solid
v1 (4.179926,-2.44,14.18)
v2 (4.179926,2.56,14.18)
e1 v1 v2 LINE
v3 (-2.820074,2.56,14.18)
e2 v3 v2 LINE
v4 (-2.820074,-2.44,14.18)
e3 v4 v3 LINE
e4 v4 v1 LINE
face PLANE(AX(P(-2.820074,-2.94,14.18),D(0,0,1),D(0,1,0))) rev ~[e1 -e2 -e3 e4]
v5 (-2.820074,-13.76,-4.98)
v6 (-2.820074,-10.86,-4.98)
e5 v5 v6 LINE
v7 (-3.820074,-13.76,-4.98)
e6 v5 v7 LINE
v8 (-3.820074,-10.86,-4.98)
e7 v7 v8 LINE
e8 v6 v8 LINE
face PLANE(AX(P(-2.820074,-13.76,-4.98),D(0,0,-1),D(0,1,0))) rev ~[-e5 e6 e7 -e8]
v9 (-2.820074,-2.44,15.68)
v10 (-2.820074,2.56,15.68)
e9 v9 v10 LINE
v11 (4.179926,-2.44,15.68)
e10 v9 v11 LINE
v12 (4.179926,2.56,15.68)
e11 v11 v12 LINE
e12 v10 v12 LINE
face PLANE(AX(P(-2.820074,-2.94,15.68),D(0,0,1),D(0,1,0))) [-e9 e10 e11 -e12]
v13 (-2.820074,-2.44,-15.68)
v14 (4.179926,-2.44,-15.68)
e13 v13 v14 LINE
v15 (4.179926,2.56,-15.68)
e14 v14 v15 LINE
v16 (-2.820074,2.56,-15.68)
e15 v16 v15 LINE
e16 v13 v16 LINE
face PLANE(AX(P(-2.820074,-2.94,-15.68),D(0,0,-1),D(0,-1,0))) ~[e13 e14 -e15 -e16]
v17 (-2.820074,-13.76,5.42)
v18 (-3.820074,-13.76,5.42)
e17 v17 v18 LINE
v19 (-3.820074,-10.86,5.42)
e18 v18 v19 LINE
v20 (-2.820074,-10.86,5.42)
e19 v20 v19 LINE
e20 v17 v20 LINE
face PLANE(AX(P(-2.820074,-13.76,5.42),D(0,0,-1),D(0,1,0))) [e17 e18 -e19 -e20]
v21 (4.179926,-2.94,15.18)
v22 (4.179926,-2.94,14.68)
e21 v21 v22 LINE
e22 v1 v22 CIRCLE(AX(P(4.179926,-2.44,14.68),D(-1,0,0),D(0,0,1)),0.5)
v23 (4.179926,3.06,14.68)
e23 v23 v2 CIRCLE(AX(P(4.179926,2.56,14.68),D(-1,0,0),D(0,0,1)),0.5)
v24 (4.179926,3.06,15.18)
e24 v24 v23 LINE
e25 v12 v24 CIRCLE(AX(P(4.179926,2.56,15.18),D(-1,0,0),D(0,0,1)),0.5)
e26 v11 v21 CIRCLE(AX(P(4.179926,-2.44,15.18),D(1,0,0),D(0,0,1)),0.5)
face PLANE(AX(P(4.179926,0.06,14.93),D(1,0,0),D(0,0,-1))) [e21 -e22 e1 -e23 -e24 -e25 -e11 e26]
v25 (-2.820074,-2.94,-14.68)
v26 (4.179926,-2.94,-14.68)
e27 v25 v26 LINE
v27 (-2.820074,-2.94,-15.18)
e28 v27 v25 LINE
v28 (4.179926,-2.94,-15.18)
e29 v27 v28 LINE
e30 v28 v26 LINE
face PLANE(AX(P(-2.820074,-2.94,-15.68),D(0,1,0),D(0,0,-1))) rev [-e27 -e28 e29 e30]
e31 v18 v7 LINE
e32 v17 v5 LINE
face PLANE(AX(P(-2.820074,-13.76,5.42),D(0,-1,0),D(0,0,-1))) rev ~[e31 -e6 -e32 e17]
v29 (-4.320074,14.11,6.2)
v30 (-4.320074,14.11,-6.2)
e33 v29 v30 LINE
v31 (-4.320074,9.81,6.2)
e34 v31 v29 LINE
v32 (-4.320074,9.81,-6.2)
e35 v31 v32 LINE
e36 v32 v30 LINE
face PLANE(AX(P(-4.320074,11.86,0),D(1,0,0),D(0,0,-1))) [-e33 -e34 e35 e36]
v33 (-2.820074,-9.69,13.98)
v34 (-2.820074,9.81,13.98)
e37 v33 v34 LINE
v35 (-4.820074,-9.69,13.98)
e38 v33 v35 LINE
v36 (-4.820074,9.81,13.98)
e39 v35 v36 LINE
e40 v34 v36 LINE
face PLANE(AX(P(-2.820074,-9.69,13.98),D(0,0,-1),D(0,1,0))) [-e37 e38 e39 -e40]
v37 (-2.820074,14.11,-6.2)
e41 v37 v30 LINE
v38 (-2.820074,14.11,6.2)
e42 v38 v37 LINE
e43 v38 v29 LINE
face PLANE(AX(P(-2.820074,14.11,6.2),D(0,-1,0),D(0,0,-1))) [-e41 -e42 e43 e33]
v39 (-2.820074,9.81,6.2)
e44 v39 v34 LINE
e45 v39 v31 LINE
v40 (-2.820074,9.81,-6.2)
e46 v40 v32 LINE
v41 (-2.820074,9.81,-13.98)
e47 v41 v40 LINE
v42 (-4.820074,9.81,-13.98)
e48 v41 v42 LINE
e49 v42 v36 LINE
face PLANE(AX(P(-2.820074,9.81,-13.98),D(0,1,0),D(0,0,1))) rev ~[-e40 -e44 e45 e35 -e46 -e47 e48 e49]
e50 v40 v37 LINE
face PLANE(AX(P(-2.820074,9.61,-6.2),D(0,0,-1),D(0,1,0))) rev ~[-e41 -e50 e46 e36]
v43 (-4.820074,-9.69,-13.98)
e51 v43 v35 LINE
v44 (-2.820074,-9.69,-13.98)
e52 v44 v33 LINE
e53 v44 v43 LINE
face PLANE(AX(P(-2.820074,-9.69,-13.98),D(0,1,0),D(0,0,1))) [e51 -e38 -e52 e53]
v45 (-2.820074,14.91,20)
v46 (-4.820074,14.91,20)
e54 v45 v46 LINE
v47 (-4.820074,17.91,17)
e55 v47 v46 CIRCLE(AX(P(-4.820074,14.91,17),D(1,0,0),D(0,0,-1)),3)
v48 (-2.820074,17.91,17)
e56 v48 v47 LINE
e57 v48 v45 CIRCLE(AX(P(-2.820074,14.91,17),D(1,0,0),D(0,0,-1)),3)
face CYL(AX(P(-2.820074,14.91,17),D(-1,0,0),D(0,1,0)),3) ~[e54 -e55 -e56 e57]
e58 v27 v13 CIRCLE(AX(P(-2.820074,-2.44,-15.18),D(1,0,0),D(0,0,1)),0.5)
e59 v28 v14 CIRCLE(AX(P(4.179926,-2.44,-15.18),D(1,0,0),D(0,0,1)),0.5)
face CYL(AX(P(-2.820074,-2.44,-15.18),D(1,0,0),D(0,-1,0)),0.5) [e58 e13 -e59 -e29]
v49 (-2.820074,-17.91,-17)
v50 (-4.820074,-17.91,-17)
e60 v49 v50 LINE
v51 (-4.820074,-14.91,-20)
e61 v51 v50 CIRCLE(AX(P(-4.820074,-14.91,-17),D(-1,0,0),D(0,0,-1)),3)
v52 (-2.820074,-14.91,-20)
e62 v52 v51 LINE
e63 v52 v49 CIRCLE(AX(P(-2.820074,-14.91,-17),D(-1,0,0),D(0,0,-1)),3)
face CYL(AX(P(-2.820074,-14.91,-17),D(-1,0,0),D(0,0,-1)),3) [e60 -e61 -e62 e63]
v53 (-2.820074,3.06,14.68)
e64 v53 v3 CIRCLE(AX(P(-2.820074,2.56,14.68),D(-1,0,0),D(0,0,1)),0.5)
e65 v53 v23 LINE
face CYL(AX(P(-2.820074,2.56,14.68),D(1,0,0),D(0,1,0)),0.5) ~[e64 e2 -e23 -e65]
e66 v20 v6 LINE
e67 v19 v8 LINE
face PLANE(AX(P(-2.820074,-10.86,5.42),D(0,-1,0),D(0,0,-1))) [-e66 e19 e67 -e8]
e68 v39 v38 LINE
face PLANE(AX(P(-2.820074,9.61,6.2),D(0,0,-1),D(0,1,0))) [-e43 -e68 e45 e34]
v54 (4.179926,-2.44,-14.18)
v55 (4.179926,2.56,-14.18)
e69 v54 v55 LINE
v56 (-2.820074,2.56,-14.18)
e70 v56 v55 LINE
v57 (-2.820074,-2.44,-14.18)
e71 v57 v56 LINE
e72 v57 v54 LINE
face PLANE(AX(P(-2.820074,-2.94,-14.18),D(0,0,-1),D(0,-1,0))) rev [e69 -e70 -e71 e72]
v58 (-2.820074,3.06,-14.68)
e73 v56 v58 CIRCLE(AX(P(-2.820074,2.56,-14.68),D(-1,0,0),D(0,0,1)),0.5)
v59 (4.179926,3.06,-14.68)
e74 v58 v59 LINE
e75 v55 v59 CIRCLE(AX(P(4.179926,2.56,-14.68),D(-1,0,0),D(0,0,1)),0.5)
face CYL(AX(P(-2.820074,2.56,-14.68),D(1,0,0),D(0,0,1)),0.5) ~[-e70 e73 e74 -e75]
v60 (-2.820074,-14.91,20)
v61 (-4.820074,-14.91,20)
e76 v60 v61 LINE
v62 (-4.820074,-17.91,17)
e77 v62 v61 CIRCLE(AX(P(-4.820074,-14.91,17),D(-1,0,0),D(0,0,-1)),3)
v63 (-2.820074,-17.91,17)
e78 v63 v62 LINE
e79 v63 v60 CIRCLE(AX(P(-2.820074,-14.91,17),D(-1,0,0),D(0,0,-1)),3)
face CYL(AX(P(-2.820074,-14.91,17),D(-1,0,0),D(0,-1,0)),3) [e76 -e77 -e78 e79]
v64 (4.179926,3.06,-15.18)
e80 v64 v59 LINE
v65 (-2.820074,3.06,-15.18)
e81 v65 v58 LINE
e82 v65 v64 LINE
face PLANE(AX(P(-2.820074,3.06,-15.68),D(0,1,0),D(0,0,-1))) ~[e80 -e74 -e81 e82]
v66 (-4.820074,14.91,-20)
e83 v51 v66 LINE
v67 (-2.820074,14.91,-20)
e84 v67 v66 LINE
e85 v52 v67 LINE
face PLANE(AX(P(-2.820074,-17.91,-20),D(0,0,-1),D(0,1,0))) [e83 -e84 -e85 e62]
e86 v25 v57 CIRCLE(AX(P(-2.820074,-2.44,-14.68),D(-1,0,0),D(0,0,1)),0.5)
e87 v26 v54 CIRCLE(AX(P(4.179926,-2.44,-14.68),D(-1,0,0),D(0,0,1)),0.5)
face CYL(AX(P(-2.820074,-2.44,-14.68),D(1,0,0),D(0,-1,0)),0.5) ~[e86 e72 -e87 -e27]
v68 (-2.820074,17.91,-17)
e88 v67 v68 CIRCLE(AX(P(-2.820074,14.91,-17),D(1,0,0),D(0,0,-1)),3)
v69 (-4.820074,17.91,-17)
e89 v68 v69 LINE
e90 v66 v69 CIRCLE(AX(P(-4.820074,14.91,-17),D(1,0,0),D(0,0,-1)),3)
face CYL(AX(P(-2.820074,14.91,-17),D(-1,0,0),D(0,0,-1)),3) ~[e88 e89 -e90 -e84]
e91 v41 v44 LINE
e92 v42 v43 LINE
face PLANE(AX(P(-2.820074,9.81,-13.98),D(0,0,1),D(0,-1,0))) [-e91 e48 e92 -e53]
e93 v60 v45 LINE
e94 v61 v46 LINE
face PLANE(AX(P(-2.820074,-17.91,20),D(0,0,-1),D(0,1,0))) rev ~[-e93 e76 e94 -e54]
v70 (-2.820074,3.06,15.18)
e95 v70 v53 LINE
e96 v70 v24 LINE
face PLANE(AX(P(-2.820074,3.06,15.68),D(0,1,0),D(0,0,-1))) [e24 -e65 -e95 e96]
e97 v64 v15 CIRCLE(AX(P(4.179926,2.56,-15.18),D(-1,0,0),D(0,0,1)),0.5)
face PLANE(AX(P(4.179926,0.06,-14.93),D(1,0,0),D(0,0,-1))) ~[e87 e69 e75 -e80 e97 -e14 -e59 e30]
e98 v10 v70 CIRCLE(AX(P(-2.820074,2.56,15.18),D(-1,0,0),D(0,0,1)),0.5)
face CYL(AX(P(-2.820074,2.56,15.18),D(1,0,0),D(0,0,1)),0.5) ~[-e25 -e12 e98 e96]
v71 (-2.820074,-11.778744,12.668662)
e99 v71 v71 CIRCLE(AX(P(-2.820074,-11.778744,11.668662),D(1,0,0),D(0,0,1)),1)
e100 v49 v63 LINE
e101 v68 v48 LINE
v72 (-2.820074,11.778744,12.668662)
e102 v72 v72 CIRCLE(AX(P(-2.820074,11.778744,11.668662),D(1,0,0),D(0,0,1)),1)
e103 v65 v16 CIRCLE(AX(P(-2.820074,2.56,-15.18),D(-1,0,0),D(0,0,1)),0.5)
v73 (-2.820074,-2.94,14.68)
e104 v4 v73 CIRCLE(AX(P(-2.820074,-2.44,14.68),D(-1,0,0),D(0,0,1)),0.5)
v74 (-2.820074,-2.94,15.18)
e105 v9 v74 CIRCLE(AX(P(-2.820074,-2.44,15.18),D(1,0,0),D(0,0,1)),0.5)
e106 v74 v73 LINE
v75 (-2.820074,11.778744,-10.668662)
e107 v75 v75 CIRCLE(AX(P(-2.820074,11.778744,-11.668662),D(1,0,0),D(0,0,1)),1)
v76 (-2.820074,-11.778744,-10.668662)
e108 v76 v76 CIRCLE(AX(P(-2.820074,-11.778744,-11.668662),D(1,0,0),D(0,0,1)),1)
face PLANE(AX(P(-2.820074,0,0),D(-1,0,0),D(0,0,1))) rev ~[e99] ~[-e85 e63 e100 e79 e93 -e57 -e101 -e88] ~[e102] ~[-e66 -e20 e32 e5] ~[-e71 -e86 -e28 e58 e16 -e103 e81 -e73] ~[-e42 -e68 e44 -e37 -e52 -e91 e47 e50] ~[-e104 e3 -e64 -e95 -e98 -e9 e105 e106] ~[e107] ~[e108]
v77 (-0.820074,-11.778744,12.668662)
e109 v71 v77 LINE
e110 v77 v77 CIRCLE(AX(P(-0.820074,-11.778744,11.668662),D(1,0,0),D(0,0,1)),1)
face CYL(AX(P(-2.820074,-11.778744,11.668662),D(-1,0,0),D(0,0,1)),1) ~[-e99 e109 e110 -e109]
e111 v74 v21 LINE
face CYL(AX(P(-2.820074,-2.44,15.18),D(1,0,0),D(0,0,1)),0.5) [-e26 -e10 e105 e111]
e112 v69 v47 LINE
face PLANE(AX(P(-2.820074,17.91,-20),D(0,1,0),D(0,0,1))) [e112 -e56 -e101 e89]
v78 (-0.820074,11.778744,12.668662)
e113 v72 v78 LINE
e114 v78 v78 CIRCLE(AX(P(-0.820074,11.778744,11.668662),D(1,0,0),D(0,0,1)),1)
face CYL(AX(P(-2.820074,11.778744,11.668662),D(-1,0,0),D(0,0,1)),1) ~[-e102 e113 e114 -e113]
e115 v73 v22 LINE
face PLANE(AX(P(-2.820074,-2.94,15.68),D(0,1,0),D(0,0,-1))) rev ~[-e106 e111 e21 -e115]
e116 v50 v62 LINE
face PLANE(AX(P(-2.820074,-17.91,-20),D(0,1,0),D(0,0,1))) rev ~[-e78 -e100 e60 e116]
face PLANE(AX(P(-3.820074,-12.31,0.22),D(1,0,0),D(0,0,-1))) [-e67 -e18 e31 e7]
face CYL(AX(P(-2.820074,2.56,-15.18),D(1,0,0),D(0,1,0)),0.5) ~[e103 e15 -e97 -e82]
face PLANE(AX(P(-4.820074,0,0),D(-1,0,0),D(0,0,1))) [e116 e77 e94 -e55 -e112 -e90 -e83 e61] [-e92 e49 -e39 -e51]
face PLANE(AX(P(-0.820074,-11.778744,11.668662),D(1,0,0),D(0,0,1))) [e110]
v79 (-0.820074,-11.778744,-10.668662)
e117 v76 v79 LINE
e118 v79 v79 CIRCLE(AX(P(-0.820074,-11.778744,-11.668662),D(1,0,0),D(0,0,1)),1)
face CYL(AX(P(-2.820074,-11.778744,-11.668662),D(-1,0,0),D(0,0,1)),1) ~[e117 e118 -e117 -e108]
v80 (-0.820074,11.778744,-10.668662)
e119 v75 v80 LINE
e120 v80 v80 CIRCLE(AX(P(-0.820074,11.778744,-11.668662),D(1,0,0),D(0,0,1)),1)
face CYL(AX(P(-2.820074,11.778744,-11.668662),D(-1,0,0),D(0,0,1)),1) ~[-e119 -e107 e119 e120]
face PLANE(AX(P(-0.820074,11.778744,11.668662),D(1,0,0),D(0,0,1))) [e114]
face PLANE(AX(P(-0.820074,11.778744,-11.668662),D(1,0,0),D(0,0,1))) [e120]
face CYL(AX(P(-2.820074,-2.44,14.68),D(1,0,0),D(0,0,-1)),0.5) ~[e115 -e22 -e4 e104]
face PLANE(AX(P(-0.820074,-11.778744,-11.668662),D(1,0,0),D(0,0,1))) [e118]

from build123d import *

# Parameters (mm, degrees)
ESQUISSE3_W             = 40
ESQUISSE3_H             = 35.82
BOSS_EXTRU_1_DEPTH      = 2
ESQUISSE4_R             = 1
BOSS_EXTRU_2_DEPTH      = 2
ESQUISSE5_W             = 10.4
ESQUISSE5_H             = 2.9
ENL_V_MAT_EXTRU_1_DEPTH = 1
ESQUISSE6_W             = 12.4
ESQUISSE6_H             = 4.5
ENL_V_MAT_EXTRU_2_DEPTH = 1.5
ESQUISSE8_W             = 1.5
ESQUISSE8_H             = 6
BOSS_EXTRU_3_DEPTH      = 7
CONG_1_R                = 0.5
CONG_1_OF_SYM_TRIE1_R   = 0.5
CONG_2_R                = 3


with BuildPart() as part:
    # Esquisse3 → Boss.-Extru.1 (new body)
    with BuildSketch(Plane.ZY.offset(2.820074362)):
        Rectangle(ESQUISSE3_W, ESQUISSE3_H)
        Polygon((-13.98, 9.81), (-13.98, -9.69), (13.98, -9.69), (13.98, 9.81), (6, 9.81), (-6, 9.81), align=None, mode=Mode.SUBTRACT)
    extrude(amount=BOSS_EXTRU_1_DEPTH)

    # Esquisse4 → Boss.-Extru.2 (add)
    with BuildSketch(Plane(origin=(-2.820074362, 0, 0), x_dir=(0, 0, -1), z_dir=(1, 0, 0))):
        with Locations(Location((-11.668662175, 11.778743894, 0), (0, 0, 180))):
            Circle(ESQUISSE4_R)
        with Locations(Location((-11.668662175, -11.778743894, 0), (0, 0, 180))):
            Circle(ESQUISSE4_R)
        with Locations(Location((11.668662175, -11.778743894, 0), (0, 0, 180))):
            Circle(ESQUISSE4_R)
        with Locations(Location((11.668662175, 11.778743894, 0), (0, 0, 180))):
            Circle(ESQUISSE4_R)
    extrude(amount=BOSS_EXTRU_2_DEPTH)

    # Esquisse5 → Enlèv. mat.-Extru.1 (cut)
    with BuildSketch(Plane(origin=(-2.820074362, 0, 0), x_dir=(0, 0, -1), z_dir=(1, 0, 0))):
        with Locations((-0.22, -12.31)):
            Rectangle(ESQUISSE5_W, ESQUISSE5_H)
    extrude(amount=-ENL_V_MAT_EXTRU_1_DEPTH, mode=Mode.SUBTRACT)

    # Esquisse6 → Enlèv. mat.-Extru.2 (cut)
    with BuildSketch(Plane(origin=(-2.820074362, 0, 0), x_dir=(0, 0, -1), z_dir=(1, 0, 0))):
        with Locations((0, 11.86)):
            Rectangle(ESQUISSE6_W, ESQUISSE6_H)
    extrude(amount=-ENL_V_MAT_EXTRU_2_DEPTH, mode=Mode.SUBTRACT)

    # Esquisse8 → Boss.-Extru.3 (add)
    with BuildSketch(Plane(origin=(-2.820074362, 0, 0), x_dir=(0, 0, -1), z_dir=(1, 0, 0))):
        with Locations((-14.93, 0.06)):
            Rectangle(ESQUISSE8_W, ESQUISSE8_H)
    boss_extru_3 = extrude(amount=BOSS_EXTRU_3_DEPTH)

    # Congé1
    cong_1_edges = [part.edges().sort_by_distance(p)[0] for p in [
        (0.679925638, 3.06, 15.68),
        (0.679925638, -2.94, 15.68),
        (0.679925638, -2.94, 14.18),
        (0.679925638, 3.06, 14.18),
    ]]
    fillet(cong_1_edges, radius=CONG_1_R)

    # Symétrie1: Boss.-Extru.3 across plane
    add(boss_extru_3.mirror(Plane.XY))

    # Congé1 of Symétrie1
    cong_1_of_sym_trie1_edges = [part.edges().sort_by_distance(p)[0] for p in [
        (0.679925638, 3.06, -15.68),
        (0.679925638, -2.94, -15.68),
        (0.679925638, -2.94, -14.18),
        (0.679925638, 3.06, -14.18),
    ]]
    fillet(cong_1_of_sym_trie1_edges, radius=CONG_1_OF_SYM_TRIE1_R)

    # Congé2
    cong_2_edges = [part.edges().sort_by_distance(p)[0] for p in [
        (-3.820074362, 17.91, -20),
        (-3.820074362, 17.91, 20),
        (-3.820074362, -17.91, 20),
        (-3.820074362, -17.91, -20),
    ]]
    fillet(cong_2_edges, radius=CONG_2_R)


solid = part.part
